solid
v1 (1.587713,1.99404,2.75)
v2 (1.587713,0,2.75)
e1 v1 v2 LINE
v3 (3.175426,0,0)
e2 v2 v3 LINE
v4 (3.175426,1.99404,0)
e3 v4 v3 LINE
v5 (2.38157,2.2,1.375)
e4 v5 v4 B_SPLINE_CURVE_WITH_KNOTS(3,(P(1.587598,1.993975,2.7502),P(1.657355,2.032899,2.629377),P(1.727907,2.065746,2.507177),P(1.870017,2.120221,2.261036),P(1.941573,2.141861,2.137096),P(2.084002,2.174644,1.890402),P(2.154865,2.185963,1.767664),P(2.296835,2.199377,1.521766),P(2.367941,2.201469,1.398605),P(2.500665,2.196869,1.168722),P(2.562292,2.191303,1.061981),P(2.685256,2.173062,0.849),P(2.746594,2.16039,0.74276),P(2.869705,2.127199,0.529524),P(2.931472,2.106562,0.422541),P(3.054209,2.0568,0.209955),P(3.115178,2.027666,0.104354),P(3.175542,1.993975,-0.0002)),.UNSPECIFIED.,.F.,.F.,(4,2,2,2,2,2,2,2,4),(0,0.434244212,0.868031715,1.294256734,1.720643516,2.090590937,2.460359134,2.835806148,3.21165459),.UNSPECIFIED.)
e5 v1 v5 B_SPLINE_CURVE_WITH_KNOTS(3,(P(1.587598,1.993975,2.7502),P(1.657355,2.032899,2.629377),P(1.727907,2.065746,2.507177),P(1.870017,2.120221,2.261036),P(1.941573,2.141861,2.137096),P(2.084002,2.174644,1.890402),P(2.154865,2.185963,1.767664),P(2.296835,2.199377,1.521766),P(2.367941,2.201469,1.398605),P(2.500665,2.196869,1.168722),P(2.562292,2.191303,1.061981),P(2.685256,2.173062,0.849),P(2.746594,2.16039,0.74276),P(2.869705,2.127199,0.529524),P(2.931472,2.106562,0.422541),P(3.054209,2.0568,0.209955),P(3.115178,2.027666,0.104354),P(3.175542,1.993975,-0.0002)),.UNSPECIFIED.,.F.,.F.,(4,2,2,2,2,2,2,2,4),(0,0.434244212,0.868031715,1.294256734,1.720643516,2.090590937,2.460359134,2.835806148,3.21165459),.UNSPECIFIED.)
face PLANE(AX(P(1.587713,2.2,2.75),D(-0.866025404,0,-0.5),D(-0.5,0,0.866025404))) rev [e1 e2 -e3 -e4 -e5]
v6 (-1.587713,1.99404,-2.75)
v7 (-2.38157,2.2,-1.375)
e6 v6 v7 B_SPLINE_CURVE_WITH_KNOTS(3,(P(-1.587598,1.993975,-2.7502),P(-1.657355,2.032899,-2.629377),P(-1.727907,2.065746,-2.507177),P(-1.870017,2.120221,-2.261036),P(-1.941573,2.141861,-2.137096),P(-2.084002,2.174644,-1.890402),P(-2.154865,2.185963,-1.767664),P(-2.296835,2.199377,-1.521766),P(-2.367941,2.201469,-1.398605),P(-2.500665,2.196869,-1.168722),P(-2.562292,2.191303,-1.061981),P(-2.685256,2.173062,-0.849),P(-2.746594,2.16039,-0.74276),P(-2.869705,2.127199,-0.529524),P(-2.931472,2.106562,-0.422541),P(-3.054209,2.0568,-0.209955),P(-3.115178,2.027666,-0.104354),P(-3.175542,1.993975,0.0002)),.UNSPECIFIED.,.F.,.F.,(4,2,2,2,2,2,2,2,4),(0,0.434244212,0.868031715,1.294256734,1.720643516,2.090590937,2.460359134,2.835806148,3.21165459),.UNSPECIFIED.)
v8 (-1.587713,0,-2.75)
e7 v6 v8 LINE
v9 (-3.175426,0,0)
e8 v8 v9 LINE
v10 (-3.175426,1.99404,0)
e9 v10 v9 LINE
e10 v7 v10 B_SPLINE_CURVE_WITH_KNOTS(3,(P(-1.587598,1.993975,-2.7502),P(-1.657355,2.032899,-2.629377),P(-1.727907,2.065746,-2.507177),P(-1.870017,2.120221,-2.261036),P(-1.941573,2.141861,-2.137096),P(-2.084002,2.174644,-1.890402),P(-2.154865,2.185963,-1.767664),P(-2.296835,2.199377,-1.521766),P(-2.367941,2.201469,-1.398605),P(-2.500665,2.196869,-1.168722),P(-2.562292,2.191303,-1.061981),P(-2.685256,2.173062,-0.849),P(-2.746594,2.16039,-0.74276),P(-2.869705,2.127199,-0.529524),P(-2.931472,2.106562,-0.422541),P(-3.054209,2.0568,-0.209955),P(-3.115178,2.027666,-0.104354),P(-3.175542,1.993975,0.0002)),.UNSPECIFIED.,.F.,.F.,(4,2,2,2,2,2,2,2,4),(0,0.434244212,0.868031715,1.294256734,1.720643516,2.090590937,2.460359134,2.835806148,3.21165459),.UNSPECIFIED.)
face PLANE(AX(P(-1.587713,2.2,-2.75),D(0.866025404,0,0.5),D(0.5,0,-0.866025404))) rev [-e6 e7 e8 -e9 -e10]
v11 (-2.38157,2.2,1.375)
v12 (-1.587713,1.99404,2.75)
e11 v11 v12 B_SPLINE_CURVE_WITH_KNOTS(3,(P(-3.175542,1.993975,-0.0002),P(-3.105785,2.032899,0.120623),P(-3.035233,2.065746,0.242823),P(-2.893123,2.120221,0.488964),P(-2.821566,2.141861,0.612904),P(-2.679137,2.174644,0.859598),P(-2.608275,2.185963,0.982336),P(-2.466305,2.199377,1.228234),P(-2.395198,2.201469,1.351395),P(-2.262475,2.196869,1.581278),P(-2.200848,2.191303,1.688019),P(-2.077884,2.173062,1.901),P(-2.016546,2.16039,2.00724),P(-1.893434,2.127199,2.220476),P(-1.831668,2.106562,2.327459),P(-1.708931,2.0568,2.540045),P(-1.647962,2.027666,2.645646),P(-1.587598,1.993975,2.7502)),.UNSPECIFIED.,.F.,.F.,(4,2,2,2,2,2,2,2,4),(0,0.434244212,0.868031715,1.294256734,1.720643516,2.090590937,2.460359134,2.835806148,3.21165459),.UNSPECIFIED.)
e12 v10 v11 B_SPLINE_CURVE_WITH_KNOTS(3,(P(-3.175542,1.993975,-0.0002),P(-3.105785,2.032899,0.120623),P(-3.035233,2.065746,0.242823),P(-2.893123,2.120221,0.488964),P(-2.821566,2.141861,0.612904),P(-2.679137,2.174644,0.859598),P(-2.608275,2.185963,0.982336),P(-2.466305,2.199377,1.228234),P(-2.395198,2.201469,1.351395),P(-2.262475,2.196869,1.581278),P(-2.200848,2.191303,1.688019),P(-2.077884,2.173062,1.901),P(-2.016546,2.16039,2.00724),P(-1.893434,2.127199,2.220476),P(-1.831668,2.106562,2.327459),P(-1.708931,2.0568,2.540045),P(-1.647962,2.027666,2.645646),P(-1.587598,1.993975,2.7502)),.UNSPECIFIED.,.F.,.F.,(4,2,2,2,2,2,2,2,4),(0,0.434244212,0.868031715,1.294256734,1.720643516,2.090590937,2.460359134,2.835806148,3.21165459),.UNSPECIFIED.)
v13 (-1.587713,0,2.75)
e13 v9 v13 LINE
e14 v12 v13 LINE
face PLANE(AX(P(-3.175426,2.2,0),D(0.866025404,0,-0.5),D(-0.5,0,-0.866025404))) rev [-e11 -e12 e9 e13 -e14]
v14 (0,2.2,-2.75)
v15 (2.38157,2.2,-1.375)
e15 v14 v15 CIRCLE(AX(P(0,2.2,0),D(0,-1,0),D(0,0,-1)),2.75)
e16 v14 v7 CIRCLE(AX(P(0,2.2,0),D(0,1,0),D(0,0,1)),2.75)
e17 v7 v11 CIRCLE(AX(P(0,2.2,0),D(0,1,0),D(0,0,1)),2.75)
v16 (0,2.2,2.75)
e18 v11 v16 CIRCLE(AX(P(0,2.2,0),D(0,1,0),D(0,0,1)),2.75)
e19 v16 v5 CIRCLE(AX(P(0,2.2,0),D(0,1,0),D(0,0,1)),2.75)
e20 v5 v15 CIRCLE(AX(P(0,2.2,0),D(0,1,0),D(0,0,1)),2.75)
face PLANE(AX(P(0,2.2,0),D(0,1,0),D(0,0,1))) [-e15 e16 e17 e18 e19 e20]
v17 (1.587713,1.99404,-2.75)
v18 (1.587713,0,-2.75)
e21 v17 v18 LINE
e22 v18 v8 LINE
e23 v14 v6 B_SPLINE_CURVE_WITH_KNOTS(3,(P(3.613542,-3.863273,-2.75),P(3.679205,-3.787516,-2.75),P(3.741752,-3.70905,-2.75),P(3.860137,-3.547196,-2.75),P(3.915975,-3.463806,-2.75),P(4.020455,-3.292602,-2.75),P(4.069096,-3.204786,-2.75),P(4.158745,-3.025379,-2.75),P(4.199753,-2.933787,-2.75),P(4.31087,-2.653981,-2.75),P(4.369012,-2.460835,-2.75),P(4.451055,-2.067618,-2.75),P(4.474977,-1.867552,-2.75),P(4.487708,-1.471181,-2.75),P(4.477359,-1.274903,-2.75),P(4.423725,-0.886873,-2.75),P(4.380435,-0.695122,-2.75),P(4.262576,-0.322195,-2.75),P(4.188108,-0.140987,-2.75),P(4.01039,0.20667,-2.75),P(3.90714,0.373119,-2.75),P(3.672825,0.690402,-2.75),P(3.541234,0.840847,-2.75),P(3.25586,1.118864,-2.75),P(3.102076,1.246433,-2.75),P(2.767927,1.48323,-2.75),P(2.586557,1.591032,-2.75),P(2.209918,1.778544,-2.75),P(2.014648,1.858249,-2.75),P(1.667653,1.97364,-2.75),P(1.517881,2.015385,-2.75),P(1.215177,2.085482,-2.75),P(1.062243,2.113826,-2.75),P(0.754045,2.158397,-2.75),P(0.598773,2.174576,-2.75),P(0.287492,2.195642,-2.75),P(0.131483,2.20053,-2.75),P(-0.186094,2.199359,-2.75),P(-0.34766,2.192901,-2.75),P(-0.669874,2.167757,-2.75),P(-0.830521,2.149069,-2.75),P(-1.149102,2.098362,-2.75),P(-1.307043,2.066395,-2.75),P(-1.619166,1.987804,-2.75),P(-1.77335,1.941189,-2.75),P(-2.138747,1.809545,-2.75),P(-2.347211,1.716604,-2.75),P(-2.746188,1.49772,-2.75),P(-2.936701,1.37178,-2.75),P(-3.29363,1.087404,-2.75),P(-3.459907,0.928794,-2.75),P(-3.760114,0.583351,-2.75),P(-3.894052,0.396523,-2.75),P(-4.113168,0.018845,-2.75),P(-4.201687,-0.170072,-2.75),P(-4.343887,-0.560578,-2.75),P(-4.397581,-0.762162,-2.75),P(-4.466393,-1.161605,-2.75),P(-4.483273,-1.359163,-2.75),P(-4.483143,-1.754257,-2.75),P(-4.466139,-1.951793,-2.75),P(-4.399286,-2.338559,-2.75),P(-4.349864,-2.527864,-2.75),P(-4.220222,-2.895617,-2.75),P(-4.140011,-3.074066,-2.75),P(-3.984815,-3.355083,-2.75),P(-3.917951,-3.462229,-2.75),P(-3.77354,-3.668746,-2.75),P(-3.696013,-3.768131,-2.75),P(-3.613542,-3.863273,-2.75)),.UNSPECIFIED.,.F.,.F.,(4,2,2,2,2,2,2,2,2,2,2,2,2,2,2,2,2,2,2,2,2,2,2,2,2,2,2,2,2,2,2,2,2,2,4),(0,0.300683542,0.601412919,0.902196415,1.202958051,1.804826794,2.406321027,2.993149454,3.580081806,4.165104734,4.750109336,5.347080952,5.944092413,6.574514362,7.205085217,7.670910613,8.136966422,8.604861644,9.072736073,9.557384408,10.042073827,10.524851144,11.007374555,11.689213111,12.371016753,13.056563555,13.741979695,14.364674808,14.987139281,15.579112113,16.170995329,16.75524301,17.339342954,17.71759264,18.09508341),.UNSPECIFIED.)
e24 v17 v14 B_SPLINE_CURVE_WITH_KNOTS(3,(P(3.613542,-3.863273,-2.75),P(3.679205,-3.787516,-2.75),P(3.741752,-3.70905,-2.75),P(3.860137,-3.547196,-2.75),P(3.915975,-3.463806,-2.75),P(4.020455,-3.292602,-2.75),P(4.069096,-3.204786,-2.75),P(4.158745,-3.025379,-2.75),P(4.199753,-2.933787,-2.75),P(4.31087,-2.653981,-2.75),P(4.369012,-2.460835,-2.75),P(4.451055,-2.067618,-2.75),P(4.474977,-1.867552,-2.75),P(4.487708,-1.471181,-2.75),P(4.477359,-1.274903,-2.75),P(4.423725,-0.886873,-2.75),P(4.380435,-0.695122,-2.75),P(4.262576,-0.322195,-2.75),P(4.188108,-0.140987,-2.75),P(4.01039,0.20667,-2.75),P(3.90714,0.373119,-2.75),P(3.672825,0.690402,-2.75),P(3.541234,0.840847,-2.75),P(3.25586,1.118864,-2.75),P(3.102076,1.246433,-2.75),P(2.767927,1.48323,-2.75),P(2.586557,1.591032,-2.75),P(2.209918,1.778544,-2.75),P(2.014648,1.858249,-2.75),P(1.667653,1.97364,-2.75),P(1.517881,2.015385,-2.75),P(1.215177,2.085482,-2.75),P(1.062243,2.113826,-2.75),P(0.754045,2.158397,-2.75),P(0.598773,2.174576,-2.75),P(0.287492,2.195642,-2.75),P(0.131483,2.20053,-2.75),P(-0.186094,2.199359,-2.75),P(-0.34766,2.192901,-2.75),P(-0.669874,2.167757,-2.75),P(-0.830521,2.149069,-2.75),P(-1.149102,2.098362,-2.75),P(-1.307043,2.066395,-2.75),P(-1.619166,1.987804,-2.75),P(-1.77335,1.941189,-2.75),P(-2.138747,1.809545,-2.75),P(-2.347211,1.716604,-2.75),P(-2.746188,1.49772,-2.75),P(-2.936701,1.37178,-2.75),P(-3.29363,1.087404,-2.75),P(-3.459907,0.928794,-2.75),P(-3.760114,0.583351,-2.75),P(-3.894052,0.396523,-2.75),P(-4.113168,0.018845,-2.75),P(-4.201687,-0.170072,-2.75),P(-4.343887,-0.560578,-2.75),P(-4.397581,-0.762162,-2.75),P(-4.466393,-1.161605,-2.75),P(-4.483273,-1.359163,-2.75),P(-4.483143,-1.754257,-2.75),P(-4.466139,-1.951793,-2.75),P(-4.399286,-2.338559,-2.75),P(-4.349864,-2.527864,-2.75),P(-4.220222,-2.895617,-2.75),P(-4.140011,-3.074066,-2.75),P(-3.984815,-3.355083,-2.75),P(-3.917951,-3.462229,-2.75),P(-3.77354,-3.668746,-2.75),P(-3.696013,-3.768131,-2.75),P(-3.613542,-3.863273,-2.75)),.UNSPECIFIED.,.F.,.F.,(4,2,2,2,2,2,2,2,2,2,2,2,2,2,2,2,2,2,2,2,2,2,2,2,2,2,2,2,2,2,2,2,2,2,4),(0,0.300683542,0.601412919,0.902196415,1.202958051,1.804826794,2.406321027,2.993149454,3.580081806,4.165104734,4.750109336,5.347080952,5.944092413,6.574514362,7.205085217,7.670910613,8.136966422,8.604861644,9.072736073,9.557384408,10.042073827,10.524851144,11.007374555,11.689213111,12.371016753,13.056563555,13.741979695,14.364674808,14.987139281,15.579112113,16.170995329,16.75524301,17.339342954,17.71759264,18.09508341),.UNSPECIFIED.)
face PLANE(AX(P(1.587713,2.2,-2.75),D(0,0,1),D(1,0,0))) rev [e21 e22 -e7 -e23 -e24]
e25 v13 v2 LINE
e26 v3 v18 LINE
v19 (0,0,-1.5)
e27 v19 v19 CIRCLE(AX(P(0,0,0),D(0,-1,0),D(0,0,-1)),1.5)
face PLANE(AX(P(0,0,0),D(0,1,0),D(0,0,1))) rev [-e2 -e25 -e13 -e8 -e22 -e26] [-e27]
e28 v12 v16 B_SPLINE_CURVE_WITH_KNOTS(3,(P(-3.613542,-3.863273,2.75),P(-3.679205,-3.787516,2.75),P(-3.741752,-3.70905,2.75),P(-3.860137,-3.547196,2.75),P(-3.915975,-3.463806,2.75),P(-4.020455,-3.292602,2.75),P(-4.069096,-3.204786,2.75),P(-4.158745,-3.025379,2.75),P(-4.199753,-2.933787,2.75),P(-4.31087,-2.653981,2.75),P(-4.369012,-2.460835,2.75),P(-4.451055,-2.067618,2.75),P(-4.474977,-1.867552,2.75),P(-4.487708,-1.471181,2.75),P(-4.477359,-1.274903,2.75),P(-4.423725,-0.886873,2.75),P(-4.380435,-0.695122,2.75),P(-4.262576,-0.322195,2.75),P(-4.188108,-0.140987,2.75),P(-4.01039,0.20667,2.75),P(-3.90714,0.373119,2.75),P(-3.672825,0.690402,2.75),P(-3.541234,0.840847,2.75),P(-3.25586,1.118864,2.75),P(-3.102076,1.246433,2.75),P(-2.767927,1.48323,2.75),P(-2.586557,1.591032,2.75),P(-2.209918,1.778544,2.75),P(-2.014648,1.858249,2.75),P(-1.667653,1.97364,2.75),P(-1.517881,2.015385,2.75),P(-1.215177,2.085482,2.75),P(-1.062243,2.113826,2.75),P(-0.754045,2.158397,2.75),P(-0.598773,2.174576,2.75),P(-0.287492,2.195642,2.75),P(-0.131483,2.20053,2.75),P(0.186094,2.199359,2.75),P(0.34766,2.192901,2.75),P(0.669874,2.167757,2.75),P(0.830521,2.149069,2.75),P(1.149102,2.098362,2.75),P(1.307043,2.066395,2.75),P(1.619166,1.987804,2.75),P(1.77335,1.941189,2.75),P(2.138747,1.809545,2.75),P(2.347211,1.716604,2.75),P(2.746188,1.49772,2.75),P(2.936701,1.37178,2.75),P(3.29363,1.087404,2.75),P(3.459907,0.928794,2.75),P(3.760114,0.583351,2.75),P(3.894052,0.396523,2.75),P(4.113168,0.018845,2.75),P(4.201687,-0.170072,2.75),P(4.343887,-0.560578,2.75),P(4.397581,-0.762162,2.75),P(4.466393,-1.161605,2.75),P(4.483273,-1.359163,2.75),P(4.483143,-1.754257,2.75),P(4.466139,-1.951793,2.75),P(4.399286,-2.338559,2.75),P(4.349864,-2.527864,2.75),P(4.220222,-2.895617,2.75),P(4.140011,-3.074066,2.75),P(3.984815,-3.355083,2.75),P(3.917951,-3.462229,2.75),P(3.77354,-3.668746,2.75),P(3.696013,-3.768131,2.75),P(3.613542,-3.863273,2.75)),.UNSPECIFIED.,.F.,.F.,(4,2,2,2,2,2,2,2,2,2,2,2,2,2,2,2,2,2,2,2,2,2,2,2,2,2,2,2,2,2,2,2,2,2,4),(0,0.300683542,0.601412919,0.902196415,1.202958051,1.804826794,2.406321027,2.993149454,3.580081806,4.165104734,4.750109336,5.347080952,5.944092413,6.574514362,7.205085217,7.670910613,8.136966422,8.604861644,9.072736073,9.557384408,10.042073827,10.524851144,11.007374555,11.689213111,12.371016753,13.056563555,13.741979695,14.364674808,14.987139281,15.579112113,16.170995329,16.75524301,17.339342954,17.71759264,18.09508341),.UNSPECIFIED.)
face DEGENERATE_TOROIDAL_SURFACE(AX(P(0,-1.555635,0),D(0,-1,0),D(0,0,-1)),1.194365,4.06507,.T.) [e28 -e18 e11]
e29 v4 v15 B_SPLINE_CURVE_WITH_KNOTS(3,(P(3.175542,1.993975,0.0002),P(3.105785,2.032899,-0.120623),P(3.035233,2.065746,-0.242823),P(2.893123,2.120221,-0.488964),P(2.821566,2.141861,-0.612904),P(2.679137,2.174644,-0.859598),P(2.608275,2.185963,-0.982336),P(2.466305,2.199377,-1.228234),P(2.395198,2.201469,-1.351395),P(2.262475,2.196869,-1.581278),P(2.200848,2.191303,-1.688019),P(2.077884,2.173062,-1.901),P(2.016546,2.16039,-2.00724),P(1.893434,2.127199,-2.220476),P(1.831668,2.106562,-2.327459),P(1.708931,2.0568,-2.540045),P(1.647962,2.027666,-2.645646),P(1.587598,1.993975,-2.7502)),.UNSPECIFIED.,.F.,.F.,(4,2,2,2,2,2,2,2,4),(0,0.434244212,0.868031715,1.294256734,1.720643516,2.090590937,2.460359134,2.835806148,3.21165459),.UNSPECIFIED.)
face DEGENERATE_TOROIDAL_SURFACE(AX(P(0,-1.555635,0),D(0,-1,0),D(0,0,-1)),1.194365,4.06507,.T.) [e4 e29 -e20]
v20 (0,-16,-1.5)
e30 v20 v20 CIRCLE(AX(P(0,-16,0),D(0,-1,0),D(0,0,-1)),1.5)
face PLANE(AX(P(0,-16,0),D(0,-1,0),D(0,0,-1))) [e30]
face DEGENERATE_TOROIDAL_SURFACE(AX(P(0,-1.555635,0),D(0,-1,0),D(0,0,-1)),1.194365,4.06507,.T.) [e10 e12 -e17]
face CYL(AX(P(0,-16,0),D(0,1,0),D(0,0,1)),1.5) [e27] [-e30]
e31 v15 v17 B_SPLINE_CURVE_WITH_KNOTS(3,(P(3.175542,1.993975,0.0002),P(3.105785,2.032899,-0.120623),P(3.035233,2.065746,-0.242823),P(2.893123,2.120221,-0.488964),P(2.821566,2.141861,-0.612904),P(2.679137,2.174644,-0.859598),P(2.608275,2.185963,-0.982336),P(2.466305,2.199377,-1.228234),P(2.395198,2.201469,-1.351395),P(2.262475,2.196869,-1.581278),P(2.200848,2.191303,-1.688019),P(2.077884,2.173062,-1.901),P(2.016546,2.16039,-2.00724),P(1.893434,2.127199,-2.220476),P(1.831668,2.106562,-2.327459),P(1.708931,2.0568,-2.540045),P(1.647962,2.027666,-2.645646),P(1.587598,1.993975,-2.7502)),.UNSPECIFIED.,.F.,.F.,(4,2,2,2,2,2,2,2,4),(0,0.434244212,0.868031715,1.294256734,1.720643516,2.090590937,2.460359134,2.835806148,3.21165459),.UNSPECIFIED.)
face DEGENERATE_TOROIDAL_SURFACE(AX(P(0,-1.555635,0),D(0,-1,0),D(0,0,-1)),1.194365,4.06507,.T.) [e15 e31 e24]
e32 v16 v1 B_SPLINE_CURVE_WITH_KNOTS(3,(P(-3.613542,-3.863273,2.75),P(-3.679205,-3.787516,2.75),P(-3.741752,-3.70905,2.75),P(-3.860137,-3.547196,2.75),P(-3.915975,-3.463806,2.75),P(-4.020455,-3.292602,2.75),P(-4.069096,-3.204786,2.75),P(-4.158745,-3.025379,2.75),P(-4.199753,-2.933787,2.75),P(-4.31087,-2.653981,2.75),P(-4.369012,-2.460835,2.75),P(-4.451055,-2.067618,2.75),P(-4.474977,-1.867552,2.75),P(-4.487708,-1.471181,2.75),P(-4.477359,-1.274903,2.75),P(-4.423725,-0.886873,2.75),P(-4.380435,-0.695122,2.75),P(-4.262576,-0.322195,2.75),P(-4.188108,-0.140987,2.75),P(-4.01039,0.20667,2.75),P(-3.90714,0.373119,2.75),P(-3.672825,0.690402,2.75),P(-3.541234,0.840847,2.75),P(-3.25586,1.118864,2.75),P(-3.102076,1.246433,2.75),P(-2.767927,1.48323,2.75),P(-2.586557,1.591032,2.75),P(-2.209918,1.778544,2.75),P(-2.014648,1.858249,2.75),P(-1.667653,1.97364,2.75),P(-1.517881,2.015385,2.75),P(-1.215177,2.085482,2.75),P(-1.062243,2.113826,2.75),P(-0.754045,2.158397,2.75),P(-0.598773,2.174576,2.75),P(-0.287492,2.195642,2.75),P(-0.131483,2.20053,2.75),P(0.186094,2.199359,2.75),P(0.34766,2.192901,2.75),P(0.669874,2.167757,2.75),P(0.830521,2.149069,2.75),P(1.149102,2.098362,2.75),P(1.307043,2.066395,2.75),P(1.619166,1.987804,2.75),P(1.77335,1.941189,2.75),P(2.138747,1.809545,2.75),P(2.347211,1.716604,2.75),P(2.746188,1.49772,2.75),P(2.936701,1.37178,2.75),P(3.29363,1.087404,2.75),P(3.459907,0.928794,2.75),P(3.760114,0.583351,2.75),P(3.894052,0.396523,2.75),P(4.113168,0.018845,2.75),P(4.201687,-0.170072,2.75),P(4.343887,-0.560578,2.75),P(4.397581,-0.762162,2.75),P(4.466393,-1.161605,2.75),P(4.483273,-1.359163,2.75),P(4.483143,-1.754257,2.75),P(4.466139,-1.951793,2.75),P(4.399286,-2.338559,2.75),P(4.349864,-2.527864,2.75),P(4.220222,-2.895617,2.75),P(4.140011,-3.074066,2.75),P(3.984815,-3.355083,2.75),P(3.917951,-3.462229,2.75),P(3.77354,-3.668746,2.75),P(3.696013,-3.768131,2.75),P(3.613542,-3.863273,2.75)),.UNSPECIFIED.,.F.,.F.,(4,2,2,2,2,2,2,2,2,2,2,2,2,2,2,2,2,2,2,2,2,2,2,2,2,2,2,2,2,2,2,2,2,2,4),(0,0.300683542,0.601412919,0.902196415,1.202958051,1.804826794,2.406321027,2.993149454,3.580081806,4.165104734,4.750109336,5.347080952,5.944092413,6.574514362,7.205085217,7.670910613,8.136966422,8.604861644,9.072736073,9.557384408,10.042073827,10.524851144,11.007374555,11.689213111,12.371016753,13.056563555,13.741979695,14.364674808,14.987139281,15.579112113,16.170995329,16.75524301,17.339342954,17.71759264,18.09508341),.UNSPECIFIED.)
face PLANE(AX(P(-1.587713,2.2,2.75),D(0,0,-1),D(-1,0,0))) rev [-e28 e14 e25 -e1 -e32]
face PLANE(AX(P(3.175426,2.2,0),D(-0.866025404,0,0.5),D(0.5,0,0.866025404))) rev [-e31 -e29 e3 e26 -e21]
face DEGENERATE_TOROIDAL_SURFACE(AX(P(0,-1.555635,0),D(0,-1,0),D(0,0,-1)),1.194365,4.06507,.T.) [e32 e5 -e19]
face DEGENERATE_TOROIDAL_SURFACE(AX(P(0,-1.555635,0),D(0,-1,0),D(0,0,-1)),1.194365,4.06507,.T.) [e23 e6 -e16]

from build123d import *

# Parameters (mm, degrees)
EXTRUDE_1_DEPTH = 2.2
SKETCH_3_R      = 1.5
EXTRUDE_2_DEPTH = 16


with BuildPart() as part:
    # 草图1 → 凸台-拉伸1 (new body)
    with BuildSketch(Plane(origin=(0, 0, 0), x_dir=(1, 0, 0), z_dir=(0, 1, 0))):
        Polygon((3.175426481, 0), (1.58771324, 2.75), (-1.58771324, 2.75), (-3.175426481, 0), (-1.58771324, -2.75), (1.58771324, -2.75), align=None)
    extrude(amount=EXTRUDE_1_DEPTH)

    # 草图2 → 切除-旋转1 (revolve, cut)
    with BuildSketch(Plane(origin=(0, 0, 0), x_dir=(0, 0, -1), z_dir=(1, 0, 0))):
        with BuildLine():
            Line((-2.75, 2.2), (-4.95, 2.2))
            Line((-4.95, 2.2), (-4.95, 0))
            ThreePointArc((-4.95, 0), (-4.068803604, 1.318803604), (-2.75, 2.2))
        make_face()
    revolve(axis=Axis((0, 0, 0), (0, 1, 0)), mode=Mode.SUBTRACT)

    # 草图3 → 凸台-拉伸2 (add)
    with BuildSketch(Plane.XZ):
        Circle(SKETCH_3_R)
    extrude(amount=EXTRUDE_2_DEPTH)


solid = part.part
